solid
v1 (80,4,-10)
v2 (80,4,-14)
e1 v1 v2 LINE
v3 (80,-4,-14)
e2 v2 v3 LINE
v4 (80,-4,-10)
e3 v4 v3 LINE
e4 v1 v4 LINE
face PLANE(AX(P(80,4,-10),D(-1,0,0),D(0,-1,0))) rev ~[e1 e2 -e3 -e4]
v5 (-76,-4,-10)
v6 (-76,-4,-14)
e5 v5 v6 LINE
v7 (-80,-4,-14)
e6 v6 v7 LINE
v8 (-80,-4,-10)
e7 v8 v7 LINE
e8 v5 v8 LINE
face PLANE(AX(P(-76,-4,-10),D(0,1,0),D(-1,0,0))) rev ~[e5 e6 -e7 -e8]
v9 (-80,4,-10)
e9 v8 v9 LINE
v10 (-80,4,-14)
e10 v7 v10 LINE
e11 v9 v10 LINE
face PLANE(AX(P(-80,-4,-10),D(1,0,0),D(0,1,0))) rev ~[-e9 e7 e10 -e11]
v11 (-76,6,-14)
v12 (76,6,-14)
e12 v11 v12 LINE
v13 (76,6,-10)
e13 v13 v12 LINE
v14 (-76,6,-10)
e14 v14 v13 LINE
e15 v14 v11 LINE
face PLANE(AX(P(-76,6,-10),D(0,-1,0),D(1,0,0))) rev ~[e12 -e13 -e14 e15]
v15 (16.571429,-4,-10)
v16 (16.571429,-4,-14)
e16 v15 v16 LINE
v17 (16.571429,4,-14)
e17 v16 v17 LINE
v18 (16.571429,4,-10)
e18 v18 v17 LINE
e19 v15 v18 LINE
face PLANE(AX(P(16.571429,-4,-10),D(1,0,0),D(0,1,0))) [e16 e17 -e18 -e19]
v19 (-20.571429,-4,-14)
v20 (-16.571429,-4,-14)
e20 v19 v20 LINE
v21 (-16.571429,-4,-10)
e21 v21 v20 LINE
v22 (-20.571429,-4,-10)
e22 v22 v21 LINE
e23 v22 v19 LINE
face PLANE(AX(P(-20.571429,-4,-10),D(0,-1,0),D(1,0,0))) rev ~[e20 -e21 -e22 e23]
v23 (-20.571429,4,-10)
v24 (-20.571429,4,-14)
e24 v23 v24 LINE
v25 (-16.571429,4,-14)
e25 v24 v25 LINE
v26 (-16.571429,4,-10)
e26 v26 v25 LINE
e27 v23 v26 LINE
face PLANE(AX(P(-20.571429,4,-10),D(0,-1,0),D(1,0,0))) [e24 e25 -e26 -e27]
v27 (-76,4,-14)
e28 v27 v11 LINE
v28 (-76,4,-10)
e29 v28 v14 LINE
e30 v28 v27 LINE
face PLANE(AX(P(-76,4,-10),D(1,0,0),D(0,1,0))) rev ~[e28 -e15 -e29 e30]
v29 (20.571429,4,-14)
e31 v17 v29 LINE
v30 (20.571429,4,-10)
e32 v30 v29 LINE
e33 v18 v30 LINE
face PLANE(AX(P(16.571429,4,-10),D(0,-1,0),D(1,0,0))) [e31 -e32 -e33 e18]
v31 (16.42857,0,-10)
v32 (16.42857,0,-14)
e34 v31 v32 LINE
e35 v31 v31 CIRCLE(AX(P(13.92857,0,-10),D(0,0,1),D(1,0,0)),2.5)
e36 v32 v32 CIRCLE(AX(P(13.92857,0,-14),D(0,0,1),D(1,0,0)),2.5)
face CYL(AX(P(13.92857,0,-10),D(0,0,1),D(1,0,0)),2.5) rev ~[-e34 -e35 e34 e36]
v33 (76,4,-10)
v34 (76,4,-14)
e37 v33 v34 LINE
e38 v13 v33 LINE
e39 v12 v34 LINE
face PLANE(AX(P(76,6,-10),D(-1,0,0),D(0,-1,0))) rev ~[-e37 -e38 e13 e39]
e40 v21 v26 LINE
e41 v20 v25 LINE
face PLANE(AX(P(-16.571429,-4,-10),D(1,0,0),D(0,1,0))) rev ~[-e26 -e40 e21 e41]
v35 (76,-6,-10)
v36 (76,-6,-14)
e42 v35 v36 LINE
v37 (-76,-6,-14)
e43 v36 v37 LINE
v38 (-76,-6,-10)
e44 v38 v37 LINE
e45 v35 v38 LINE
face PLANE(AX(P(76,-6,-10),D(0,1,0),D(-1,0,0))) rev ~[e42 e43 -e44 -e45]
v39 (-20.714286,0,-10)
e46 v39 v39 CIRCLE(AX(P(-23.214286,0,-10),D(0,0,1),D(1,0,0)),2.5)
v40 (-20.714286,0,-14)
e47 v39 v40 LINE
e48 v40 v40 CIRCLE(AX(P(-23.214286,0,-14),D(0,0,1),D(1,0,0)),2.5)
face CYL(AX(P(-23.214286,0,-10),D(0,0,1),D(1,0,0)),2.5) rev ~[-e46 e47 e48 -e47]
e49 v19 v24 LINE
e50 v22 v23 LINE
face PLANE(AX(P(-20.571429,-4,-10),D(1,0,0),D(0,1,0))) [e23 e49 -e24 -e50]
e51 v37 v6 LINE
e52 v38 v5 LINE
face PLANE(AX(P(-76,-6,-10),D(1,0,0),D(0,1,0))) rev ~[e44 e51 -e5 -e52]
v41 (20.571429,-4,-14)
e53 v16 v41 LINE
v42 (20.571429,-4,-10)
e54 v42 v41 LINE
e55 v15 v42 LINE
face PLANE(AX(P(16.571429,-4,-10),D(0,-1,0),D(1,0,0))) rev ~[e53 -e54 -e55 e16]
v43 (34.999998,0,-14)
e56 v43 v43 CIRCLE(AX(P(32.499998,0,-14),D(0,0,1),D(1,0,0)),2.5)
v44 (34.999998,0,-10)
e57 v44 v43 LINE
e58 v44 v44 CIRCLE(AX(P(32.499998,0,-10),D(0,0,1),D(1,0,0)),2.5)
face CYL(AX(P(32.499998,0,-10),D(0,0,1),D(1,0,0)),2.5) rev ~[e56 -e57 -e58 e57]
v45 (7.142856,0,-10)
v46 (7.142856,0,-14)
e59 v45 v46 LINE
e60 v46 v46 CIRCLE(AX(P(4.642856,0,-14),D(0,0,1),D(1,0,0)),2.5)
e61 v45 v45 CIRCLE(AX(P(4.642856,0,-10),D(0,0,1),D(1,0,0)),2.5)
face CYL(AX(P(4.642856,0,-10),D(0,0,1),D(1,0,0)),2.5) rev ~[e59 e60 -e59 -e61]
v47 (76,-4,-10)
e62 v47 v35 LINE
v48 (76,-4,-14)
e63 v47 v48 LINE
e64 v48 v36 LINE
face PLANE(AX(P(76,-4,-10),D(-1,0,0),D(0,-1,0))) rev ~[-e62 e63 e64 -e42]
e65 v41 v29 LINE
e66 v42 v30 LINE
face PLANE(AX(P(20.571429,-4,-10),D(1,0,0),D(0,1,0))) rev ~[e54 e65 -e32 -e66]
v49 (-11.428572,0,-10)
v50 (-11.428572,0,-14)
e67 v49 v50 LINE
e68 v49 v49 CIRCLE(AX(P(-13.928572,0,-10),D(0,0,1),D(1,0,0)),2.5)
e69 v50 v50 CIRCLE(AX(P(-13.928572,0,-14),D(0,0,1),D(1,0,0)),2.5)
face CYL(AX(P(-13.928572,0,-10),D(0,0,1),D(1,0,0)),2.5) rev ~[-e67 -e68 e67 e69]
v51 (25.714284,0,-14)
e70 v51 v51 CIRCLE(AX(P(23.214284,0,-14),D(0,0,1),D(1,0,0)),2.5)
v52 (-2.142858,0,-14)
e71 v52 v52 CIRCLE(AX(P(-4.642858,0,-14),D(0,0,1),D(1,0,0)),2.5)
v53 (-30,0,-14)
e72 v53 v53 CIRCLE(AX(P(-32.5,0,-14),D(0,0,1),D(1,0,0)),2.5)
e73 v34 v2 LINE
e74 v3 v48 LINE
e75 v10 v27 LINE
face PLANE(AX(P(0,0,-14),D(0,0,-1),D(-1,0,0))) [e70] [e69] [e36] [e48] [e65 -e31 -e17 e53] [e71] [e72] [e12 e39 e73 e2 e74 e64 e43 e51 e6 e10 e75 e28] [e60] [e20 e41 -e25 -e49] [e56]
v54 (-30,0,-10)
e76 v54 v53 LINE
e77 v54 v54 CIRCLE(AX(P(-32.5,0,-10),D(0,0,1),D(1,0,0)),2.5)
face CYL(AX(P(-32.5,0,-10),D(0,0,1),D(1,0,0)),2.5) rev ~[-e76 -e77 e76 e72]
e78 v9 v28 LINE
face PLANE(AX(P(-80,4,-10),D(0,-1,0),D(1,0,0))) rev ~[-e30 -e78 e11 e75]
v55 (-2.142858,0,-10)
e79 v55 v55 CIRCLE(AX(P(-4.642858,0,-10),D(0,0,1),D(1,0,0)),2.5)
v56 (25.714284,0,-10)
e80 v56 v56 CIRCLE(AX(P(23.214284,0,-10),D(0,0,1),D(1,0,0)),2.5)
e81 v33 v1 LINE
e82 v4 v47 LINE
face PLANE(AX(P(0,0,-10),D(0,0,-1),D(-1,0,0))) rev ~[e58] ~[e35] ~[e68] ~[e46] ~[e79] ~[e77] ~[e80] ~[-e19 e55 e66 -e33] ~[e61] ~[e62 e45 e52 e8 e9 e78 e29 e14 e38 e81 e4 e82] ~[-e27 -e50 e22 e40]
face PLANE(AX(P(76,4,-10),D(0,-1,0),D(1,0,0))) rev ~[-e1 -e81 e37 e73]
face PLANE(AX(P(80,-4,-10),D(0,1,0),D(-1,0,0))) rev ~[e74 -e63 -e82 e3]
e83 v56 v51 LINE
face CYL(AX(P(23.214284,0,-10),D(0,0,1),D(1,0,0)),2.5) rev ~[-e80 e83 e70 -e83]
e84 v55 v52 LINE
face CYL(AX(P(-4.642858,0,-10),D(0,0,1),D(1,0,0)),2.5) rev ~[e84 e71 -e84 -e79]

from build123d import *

# Parameters (mm, degrees)
PAD006_DEPTH           = 4
SKETCH015_R            = 2.5
POCKET006_DEPTH        = 4
LINEARPATTERN012_COUNT = 8
LINEARPATTERN012_PITCH = 9.285714
SKETCH016_W            = 4
SKETCH016_H            = 8
POCKET007_DEPTH        = 4


with BuildPart() as part:
    # Sketch013 → Pad006 (new body)
    with BuildSketch(Plane.XY):
        Polygon((-76, -6), (-76, -4), (-80, -4), (-80, 4), (-76, 4), (-76, 6), (76, 6), (76, 4), (80, 4), (80, -4), (76, -4), (76, -6), align=None)
    extrude(amount=-PAD006_DEPTH)

    # Sketch015 (on Face13 of Pad006) → Pocket006 (cut)
    with BuildSketch(Plane.XY):
        with Locations((-32.5, 0)):
            Circle(SKETCH015_R)
    pocket006 = extrude(amount=-POCKET006_DEPTH, mode=Mode.SUBTRACT)

    # LinearPattern012: Pocket006 ×8
    with Locations(*[(i * LINEARPATTERN012_PITCH, 0, 0) for i in range(1, LINEARPATTERN012_COUNT)]):
        add(pocket006, mode=Mode.SUBTRACT)

    # Sketch016 (on Face4 of MultiTransform005) → Pocket007 (cut)
    with BuildSketch(Plane.XY):
        with Locations((18.571429, 0)):
            Rectangle(SKETCH016_W, SKETCH016_H)
        with Locations((-18.571429, 0)):
            Rectangle(SKETCH016_W, SKETCH016_H)
    extrude(amount=-POCKET007_DEPTH, mode=Mode.SUBTRACT)


with BuildPart() as part_1:
    # Body007 placement: moved
    add(part.part.moved(Location((0, 0, -10))))


solid = part_1.part
